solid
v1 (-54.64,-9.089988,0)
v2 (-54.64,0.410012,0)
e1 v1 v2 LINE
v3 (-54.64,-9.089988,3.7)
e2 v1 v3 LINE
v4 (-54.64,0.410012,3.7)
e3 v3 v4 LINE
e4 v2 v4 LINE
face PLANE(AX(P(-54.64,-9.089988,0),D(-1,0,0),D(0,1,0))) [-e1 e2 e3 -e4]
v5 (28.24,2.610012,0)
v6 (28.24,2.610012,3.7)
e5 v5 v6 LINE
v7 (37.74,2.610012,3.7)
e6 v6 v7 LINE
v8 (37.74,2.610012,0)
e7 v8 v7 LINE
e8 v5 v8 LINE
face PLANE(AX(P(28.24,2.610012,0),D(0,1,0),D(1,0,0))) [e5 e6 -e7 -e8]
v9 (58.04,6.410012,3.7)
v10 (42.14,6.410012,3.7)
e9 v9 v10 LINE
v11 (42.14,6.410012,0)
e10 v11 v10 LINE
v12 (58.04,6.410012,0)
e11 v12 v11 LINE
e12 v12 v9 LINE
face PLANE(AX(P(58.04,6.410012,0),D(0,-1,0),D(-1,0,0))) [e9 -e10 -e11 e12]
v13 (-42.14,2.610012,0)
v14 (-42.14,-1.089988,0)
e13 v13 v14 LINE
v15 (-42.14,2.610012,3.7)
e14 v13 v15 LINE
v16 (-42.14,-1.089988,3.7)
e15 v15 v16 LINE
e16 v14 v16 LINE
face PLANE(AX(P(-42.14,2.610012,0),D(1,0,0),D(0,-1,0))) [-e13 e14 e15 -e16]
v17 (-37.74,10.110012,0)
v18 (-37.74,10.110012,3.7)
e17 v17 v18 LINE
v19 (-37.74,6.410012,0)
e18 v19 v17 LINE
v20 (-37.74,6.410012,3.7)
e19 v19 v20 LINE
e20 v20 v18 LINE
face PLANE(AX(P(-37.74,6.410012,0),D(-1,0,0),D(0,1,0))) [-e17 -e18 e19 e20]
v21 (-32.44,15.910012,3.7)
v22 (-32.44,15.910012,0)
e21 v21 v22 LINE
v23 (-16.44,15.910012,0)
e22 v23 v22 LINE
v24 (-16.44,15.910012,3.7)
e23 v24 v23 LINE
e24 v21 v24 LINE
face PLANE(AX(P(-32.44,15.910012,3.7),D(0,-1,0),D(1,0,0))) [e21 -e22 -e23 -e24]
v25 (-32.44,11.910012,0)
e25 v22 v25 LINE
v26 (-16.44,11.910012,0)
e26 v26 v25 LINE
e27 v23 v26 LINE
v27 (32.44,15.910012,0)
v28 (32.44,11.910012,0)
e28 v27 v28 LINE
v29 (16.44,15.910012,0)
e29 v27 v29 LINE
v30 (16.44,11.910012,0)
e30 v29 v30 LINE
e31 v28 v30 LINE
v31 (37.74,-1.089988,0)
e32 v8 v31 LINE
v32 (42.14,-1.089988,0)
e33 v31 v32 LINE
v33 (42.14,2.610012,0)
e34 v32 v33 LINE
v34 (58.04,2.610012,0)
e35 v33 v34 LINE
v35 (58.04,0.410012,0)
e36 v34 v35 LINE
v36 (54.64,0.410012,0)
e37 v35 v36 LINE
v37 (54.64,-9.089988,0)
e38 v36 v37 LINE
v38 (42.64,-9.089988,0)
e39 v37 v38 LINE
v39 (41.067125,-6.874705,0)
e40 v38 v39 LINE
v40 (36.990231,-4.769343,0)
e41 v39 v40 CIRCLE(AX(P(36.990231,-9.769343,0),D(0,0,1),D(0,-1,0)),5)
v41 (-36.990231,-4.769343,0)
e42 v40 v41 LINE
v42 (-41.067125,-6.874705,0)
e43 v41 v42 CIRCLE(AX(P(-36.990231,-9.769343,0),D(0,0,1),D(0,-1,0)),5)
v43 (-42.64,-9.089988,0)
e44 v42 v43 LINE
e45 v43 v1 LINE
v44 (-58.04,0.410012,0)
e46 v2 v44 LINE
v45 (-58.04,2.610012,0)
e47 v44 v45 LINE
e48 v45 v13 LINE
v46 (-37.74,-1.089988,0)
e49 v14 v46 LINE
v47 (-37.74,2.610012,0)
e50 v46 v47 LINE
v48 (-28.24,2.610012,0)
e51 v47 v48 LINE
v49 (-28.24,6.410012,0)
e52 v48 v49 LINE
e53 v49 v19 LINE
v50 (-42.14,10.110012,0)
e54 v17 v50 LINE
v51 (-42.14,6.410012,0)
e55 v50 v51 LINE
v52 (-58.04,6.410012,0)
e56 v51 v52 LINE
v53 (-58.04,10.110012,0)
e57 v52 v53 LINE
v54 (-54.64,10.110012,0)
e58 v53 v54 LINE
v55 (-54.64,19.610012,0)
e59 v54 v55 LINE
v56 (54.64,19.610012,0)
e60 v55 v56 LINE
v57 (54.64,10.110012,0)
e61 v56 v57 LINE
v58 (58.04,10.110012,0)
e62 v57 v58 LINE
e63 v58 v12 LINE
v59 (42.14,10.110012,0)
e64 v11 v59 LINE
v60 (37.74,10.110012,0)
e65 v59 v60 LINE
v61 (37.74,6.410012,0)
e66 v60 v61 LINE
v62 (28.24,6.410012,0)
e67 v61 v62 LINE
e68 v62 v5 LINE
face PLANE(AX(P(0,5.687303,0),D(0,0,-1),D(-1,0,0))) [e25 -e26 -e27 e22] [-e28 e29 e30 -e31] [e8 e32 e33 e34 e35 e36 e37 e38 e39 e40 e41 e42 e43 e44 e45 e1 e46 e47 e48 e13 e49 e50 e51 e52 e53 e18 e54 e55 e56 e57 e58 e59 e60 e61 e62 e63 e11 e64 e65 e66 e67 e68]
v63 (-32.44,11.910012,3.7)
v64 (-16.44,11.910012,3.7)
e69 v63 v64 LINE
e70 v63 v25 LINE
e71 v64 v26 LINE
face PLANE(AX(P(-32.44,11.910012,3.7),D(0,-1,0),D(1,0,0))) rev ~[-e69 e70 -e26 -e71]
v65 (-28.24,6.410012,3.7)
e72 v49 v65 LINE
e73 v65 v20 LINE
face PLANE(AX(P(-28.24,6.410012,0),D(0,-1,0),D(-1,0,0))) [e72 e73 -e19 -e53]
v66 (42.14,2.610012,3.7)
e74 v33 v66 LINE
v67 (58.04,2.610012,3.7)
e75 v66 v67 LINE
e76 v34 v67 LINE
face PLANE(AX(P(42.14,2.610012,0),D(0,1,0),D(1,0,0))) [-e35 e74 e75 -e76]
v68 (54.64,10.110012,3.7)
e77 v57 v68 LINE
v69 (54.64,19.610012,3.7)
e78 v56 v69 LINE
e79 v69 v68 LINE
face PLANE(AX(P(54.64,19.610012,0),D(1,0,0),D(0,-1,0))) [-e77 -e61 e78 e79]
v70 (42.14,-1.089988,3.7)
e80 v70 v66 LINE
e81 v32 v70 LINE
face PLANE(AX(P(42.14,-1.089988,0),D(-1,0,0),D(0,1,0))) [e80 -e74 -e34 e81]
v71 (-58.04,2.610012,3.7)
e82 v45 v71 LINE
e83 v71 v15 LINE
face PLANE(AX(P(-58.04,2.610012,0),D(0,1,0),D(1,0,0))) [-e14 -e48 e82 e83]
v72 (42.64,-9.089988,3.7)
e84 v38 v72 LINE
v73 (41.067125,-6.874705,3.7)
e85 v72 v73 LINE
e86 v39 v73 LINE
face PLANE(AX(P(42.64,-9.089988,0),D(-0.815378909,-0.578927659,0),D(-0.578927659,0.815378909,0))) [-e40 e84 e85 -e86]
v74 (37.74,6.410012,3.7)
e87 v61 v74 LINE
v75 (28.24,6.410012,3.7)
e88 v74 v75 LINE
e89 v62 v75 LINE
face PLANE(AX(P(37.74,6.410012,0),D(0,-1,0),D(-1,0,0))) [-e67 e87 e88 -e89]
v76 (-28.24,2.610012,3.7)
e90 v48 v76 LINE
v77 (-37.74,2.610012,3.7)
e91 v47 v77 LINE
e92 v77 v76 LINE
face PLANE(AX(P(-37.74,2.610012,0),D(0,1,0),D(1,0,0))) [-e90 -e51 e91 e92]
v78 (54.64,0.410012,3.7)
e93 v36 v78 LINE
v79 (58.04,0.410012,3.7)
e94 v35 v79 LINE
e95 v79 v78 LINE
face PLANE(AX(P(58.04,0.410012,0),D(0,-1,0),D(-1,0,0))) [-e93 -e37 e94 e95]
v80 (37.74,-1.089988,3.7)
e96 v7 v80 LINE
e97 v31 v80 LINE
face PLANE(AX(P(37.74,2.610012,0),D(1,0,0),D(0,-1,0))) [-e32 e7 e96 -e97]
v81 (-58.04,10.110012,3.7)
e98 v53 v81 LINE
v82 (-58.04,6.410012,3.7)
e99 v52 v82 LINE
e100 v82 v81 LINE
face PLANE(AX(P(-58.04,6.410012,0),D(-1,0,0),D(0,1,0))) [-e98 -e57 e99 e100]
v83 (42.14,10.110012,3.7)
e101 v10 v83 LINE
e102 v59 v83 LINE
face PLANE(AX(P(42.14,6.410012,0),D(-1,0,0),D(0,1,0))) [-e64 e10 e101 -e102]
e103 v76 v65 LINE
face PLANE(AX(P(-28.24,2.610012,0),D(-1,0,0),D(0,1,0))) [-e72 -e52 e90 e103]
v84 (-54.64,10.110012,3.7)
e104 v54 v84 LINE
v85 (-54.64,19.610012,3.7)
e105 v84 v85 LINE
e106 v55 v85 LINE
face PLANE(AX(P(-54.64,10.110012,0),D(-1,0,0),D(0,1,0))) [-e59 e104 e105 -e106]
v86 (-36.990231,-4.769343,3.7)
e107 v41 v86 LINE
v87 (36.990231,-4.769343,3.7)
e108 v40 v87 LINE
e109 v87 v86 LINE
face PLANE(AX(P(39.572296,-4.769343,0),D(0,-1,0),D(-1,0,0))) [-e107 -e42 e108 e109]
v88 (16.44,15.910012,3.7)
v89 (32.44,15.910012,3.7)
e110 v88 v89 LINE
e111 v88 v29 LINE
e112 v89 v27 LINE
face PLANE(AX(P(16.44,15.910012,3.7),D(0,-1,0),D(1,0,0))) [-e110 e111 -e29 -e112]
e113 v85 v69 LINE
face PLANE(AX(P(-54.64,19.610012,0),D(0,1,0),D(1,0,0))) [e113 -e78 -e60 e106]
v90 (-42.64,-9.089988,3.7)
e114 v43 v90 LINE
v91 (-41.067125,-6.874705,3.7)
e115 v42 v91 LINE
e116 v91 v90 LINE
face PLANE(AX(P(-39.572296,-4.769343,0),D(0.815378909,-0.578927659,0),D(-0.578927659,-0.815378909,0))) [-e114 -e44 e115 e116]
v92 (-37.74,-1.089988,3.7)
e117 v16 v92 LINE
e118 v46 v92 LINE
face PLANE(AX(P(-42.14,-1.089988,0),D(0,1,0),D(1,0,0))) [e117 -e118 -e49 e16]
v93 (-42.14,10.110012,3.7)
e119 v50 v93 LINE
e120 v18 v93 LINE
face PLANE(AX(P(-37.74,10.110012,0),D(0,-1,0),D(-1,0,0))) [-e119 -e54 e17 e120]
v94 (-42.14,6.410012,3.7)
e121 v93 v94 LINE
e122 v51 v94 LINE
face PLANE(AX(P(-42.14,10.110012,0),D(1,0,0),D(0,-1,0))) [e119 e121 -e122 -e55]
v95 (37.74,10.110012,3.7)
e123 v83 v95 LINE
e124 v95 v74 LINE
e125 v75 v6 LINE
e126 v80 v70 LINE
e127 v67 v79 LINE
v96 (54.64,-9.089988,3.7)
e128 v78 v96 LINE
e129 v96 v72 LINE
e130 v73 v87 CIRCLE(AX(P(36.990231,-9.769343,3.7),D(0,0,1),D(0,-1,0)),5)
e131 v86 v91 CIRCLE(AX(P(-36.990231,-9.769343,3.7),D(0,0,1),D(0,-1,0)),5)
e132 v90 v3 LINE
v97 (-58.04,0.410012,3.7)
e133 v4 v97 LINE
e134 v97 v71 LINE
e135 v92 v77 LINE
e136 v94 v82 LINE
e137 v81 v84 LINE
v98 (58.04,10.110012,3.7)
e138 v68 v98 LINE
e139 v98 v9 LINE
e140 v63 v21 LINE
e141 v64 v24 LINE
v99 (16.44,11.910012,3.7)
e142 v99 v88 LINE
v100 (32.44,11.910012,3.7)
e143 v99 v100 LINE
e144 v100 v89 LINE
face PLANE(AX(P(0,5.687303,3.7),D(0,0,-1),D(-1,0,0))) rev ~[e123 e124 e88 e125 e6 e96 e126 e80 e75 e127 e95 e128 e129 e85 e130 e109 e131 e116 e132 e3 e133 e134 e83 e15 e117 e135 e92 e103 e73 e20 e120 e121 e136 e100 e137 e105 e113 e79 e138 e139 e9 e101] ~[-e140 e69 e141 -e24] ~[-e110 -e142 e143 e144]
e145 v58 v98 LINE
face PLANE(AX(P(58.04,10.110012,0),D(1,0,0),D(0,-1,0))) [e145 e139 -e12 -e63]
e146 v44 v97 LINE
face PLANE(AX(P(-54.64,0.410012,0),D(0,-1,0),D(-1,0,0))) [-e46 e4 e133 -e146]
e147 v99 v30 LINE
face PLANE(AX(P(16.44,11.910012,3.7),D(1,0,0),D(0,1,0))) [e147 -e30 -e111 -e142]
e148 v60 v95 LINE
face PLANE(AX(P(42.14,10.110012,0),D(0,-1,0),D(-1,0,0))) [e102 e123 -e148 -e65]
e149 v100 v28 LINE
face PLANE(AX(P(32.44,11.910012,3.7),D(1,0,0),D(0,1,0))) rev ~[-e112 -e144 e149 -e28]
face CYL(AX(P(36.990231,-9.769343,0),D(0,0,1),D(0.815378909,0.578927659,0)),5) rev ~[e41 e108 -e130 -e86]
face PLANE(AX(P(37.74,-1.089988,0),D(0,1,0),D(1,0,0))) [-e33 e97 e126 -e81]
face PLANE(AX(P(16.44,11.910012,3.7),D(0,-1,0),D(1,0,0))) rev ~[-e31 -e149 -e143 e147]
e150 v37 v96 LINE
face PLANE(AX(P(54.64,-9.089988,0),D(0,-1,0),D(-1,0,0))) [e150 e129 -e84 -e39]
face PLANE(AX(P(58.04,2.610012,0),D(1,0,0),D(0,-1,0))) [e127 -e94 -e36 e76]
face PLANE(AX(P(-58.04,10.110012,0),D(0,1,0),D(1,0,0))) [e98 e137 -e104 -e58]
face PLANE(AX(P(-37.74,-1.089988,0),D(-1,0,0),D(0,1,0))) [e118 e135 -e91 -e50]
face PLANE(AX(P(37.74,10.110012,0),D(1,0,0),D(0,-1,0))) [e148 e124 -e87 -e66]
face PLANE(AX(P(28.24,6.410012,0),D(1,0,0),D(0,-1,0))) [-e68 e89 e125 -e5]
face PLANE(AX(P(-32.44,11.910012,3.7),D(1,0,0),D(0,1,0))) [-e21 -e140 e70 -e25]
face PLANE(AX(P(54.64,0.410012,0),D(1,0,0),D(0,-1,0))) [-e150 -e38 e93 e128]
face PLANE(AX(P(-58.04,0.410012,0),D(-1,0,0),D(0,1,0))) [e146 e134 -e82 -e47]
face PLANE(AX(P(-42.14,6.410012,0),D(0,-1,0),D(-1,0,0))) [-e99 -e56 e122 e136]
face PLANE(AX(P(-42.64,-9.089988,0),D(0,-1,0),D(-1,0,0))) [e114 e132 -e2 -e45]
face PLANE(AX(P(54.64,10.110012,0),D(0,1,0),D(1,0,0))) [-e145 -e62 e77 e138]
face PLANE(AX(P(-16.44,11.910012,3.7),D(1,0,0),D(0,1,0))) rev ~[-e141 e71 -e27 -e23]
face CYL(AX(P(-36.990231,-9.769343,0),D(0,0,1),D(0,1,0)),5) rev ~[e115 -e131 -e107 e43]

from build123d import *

# Parameters (mm, degrees)
BOSS_EXTRUDE1_DEPTH = 3.7
FILLET1_R           = 5
SKETCH3_W           = 16
SKETCH3_H           = 4
CUT_EXTRUDE1_DEPTH  = 62.374947331


with BuildPart() as part:
    # Sketch2 → Boss-Extrude1 (new body)
    with BuildSketch(Plane.XY):
        Polygon((-54.64, 19.610011726), (54.64, 19.610011726), (54.64, 10.110011726), (58.04, 10.110011726), (58.04, 6.410011726), (42.14, 6.410011726), (42.14, 10.110011726), (37.74, 10.110011726), (37.74, 6.410011726), (28.24, 6.410011726), (28.24, 2.610011726), (37.74, 2.610011726), (37.74, -1.089988274), (42.14, -1.089988274), (42.14, 2.610011726), (58.04, 2.610011726), (58.04, 0.410011726), (54.64, 0.410011726), (54.64, -9.089988274), (42.64, -9.089988274), (39.572296355, -4.769343347), (-39.572296355, -4.769343347), (-42.64, -9.089988274), (-54.64, -9.089988274), (-54.64, 0.410011726), (-58.04, 0.410011726), (-58.04, 2.610011726), (-42.14, 2.610011726), (-42.14, -1.089988274), (-37.74, -1.089988274), (-37.74, 2.610011726), (-28.24, 2.610011726), (-28.24, 6.410011726), (-37.74, 6.410011726), (-37.74, 10.110011726), (-42.14, 10.110011726), (-42.14, 6.410011726), (-58.04, 6.410011726), (-58.04, 10.110011726), (-54.64, 10.110011726), align=None)
    extrude(amount=BOSS_EXTRUDE1_DEPTH)

    # Fillet1
    fillet1_edges = [part.edges().sort_by_distance(p)[0] for p in [
        (39.572296355, -4.769343347, 1.85),
        (-39.572296355, -4.769343347, 1.85),
    ]]
    fillet(fillet1_edges, radius=FILLET1_R)

    # Sketch3 → Cut-Extrude1 (cut, through all)
    with BuildSketch(Plane.XY.offset(3.7)):
        with Locations((24.44, 13.910011726)):
            Rectangle(SKETCH3_W, SKETCH3_H)
        with Locations((-24.44, 13.910011726)):
            Rectangle(SKETCH3_W, SKETCH3_H)
    extrude(amount=-CUT_EXTRUDE1_DEPTH, mode=Mode.SUBTRACT)


solid = part.part
